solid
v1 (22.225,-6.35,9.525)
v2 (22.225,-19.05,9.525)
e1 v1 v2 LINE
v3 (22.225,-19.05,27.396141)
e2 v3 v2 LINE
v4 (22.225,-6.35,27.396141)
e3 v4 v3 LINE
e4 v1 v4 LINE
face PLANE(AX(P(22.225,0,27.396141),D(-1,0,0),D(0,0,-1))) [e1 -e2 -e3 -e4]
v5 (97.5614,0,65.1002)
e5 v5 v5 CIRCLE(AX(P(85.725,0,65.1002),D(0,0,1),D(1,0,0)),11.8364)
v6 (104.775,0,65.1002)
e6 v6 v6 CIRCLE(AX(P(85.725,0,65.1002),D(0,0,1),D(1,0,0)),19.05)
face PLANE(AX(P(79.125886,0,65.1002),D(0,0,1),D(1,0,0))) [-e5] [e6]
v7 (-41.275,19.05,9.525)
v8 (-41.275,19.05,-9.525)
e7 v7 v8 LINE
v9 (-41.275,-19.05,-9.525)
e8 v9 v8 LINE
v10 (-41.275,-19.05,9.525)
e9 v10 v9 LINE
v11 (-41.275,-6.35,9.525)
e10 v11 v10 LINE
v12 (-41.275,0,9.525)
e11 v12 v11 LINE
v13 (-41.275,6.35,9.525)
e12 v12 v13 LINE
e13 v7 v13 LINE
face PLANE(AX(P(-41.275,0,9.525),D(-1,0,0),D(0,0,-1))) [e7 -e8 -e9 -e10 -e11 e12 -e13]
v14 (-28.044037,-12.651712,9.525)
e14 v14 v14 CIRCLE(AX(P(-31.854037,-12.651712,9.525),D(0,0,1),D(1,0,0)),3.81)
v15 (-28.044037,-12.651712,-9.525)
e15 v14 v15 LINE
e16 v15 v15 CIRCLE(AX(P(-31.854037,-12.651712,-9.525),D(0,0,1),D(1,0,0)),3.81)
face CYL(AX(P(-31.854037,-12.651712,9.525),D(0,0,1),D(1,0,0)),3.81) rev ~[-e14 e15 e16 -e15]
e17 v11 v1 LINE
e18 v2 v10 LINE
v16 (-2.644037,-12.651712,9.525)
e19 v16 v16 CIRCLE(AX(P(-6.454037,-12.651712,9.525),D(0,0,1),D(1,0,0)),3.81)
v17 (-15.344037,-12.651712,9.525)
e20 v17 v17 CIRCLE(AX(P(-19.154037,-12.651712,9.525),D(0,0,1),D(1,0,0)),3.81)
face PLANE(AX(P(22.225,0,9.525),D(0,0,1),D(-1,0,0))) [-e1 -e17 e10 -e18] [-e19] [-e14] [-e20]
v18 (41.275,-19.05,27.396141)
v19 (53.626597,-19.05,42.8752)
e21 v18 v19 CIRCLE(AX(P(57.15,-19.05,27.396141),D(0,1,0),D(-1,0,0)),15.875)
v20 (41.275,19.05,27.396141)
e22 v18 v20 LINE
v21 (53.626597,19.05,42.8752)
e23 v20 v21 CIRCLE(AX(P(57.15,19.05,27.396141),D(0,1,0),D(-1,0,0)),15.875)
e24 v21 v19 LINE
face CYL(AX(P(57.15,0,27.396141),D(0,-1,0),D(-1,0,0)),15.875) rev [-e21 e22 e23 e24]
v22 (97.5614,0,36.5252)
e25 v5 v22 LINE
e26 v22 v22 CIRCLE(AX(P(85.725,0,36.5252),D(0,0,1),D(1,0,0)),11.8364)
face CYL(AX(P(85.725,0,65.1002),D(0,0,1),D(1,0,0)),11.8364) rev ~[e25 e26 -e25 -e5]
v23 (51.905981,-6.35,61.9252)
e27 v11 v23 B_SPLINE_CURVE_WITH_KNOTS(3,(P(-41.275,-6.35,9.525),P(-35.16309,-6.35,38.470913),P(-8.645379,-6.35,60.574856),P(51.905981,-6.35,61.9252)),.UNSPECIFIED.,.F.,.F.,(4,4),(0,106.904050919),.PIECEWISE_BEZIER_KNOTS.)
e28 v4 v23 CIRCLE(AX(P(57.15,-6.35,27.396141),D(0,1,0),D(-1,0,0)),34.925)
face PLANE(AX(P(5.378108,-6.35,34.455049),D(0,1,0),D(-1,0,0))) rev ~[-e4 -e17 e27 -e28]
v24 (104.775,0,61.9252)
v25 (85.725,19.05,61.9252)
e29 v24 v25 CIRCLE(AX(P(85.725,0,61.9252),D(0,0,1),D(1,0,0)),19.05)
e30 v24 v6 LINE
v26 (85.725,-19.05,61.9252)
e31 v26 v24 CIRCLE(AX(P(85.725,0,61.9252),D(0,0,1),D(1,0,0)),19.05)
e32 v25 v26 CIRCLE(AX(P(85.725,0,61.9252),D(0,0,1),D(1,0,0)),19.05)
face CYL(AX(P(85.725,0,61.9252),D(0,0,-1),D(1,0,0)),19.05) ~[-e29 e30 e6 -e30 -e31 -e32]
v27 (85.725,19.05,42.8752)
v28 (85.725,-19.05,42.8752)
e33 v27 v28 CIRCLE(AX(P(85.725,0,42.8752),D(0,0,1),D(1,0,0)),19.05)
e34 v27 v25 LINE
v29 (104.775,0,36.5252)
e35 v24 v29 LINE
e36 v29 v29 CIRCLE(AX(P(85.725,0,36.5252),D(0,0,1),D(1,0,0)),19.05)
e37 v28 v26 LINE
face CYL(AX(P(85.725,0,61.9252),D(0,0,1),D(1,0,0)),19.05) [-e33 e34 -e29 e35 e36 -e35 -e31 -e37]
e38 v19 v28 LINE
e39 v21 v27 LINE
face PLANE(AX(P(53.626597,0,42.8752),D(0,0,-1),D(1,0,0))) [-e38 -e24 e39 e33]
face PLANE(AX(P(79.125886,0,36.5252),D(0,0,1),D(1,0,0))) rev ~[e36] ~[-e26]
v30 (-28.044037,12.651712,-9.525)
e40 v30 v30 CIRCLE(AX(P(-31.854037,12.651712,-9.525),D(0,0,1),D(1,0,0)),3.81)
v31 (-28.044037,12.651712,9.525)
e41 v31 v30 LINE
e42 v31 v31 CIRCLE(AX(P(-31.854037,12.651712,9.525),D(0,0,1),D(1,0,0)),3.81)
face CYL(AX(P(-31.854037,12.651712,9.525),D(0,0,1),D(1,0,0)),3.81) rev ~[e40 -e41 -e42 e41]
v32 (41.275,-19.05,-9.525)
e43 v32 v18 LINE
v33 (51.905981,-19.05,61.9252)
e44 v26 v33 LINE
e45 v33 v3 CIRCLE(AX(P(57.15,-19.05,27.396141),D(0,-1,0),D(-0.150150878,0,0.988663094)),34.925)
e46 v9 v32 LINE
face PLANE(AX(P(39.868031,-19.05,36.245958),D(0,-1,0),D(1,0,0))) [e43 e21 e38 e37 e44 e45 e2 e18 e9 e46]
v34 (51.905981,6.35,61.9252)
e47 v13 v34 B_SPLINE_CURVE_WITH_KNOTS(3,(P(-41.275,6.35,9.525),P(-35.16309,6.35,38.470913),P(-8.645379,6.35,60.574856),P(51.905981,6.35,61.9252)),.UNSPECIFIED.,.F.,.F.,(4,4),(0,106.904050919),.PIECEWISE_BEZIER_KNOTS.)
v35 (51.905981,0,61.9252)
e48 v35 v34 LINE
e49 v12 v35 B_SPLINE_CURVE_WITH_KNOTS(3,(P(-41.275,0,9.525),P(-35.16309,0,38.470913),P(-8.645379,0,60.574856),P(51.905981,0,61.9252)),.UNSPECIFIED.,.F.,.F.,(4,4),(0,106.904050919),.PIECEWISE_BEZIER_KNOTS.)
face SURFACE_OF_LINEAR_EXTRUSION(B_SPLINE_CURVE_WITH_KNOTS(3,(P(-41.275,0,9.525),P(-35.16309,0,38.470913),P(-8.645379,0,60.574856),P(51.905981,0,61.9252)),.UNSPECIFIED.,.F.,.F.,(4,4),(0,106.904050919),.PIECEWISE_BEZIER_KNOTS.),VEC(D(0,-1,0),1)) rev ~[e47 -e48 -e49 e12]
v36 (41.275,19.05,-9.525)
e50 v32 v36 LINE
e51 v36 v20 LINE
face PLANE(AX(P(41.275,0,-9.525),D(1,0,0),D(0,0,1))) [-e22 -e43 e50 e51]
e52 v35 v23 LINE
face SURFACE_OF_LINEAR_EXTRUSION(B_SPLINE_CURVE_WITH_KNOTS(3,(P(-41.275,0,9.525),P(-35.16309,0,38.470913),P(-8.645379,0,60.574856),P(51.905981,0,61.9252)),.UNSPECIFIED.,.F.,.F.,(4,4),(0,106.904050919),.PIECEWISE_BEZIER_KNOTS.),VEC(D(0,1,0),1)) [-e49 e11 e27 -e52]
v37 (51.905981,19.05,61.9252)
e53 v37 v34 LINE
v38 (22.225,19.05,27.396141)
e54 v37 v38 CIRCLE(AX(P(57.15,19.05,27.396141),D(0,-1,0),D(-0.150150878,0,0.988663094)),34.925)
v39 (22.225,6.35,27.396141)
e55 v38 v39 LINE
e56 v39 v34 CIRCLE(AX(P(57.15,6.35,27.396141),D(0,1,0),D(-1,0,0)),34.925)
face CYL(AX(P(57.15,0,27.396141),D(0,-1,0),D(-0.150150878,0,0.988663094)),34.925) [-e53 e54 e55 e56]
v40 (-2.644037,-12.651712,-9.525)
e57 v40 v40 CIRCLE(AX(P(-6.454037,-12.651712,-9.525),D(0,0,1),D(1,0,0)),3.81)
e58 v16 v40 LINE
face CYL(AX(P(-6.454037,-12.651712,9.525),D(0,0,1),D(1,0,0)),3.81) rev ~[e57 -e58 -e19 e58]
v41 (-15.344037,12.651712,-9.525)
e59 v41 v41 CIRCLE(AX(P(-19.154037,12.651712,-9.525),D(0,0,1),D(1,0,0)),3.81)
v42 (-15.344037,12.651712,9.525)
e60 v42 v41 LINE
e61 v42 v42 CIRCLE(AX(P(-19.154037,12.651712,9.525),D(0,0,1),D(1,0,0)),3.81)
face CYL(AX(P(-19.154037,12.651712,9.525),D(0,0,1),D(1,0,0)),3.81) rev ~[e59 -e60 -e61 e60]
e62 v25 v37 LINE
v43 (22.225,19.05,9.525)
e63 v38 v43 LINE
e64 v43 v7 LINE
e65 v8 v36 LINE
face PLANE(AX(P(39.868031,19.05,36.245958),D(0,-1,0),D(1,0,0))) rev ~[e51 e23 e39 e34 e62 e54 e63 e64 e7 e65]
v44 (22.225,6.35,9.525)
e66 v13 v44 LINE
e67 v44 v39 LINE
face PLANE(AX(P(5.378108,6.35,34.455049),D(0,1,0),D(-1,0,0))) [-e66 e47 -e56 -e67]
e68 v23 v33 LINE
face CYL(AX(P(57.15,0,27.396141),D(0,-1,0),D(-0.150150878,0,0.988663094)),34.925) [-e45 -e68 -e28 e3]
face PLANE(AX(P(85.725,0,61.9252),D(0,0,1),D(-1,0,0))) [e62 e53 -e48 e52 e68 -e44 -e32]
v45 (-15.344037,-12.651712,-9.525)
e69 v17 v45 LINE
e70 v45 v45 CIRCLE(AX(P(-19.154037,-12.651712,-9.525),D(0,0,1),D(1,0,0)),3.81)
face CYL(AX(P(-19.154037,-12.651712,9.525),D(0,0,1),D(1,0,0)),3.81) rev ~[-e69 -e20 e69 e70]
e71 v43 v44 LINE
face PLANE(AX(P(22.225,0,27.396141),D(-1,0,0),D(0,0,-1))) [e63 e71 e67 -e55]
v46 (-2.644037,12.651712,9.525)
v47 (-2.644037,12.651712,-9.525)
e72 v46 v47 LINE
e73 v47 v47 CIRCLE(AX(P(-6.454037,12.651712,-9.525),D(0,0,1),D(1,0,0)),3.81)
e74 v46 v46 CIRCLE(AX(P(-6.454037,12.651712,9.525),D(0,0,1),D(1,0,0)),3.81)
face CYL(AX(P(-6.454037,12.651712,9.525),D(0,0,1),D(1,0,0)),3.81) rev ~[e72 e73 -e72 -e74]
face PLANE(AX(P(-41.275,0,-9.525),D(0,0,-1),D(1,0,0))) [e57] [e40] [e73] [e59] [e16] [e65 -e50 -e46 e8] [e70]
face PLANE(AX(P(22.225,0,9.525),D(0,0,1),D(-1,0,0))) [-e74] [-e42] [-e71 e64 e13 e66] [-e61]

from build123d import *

# Parameters (mm, degrees)
F0_W          = 25.4
F0_H          = 19.05
F1_DEPTH      = 19.05
F2_DEPTH      = 6.35
F4_DEPTH      = 3.175
F4_DEPTH_BACK = 25.4
F5_R          = 11.8364
F6_DEPTH      = 50.8
F7_R          = 3.81
F8_DEPTH      = 25.4


with BuildPart() as f1:
    # F0 (on Front) → F1 (new body, symmetric)
    with BuildSketch(Plane.XZ):
        with BuildLine():
            Line((22.225, 9.525), (41.275, 9.525))
            Line((41.275, 9.525), (41.275, 27.3961414351))
            ThreePointArc((41.275, 27.3961414351), (44.7413406712, 37.2976968008), (53.6265966817, 42.8752))
            Line((53.6265966817, 42.8752), (60.325, 42.8752))
            Line((60.325, 42.8752), (60.325, 61.9252))
            Line((60.325, 61.9252), (51.9059805855, 61.9252))
            ThreePointArc((51.9059805855, 61.9252), (30.6650702941, 50.1624350173), (22.225, 27.3961414351))
            Line((22.225, 27.3961414351), (22.225, 9.525))
        make_face()
        Polygon((-41.275, -9.525), (41.275, -9.525), (41.275, 9.525), (22.225, 9.525), (-41.275, 9.525), align=None)
        with Locations((73.025, 52.4002)):
            Rectangle(F0_W, F0_H)
    extrude(amount=F1_DEPTH, both=True)

    # F0 (on Front) → F2 (join, symmetric)
    with BuildSketch(Plane.XZ):
        with BuildLine():
            add(Edge.make_bspline(
                [(-41.275, 9.525), (-35.163089633, 38.4709127247), (-8.6453789845, 60.5748556554), (51.9059805855, 61.9252)],
                knots=[0, 0, 0, 0, 106.9040509191, 106.9040509191, 106.9040509191, 106.9040509191], degree=3))
            Line((-41.275, 9.525), (22.225, 9.525))
            Line((22.225, 9.525), (22.225, 27.3961414351))
            ThreePointArc((22.225, 27.3961414351), (30.6650702941, 50.1624350173), (51.9059805855, 61.9252))
        make_face()
    extrude(amount=F2_DEPTH, both=True)

    # F3 (on face) → F4 (join, two sides)
    with BuildSketch(Plane.XY.offset(61.9252)) as f4_sk:
        with BuildLine():
            Line((85.725, -19.05), (85.725, 19.05))
            ThreePointArc((85.725, 19.05), (66.675, 0), (85.725, -19.05))
        make_face()
        with BuildLine():
            ThreePointArc((85.725, -19.05), (99.1953841816, -13.4703841816), (104.775, 0))
            ThreePointArc((104.775, 0), (99.1953841816, 13.4703841816), (85.725, 19.05))
            Line((85.725, 19.05), (85.725, -19.05))
        make_face()
    extrude(amount=F4_DEPTH)
    extrude(f4_sk.sketch, amount=-F4_DEPTH_BACK)

    # F5 (on face) → F6 (cut)
    with BuildSketch(Plane.XY.offset(65.1002)):
        with Locations((85.725, 0)):
            Circle(F5_R)
    extrude(amount=-F6_DEPTH, mode=Mode.SUBTRACT)

    # F7 (on face) → F8 (cut)
    with BuildSketch(Plane.XY.offset(9.525)):
        with Locations((-6.4540371954, -12.6517117023)):
            Circle(F7_R)
        with Locations((-19.1540371954, -12.6517117023)):
            Circle(F7_R)
        with Locations((-31.8540371954, -12.6517117023)):
            Circle(F7_R)
        with Locations((-6.4540371954, 12.6517117023)):
            Circle(F7_R)
        with Locations((-19.1540371954, 12.6517117023)):
            Circle(F7_R)
        with Locations((-31.8540371954, 12.6517117023)):
            Circle(F7_R)
    extrude(amount=-F8_DEPTH, mode=Mode.SUBTRACT)


solid = f1.part
